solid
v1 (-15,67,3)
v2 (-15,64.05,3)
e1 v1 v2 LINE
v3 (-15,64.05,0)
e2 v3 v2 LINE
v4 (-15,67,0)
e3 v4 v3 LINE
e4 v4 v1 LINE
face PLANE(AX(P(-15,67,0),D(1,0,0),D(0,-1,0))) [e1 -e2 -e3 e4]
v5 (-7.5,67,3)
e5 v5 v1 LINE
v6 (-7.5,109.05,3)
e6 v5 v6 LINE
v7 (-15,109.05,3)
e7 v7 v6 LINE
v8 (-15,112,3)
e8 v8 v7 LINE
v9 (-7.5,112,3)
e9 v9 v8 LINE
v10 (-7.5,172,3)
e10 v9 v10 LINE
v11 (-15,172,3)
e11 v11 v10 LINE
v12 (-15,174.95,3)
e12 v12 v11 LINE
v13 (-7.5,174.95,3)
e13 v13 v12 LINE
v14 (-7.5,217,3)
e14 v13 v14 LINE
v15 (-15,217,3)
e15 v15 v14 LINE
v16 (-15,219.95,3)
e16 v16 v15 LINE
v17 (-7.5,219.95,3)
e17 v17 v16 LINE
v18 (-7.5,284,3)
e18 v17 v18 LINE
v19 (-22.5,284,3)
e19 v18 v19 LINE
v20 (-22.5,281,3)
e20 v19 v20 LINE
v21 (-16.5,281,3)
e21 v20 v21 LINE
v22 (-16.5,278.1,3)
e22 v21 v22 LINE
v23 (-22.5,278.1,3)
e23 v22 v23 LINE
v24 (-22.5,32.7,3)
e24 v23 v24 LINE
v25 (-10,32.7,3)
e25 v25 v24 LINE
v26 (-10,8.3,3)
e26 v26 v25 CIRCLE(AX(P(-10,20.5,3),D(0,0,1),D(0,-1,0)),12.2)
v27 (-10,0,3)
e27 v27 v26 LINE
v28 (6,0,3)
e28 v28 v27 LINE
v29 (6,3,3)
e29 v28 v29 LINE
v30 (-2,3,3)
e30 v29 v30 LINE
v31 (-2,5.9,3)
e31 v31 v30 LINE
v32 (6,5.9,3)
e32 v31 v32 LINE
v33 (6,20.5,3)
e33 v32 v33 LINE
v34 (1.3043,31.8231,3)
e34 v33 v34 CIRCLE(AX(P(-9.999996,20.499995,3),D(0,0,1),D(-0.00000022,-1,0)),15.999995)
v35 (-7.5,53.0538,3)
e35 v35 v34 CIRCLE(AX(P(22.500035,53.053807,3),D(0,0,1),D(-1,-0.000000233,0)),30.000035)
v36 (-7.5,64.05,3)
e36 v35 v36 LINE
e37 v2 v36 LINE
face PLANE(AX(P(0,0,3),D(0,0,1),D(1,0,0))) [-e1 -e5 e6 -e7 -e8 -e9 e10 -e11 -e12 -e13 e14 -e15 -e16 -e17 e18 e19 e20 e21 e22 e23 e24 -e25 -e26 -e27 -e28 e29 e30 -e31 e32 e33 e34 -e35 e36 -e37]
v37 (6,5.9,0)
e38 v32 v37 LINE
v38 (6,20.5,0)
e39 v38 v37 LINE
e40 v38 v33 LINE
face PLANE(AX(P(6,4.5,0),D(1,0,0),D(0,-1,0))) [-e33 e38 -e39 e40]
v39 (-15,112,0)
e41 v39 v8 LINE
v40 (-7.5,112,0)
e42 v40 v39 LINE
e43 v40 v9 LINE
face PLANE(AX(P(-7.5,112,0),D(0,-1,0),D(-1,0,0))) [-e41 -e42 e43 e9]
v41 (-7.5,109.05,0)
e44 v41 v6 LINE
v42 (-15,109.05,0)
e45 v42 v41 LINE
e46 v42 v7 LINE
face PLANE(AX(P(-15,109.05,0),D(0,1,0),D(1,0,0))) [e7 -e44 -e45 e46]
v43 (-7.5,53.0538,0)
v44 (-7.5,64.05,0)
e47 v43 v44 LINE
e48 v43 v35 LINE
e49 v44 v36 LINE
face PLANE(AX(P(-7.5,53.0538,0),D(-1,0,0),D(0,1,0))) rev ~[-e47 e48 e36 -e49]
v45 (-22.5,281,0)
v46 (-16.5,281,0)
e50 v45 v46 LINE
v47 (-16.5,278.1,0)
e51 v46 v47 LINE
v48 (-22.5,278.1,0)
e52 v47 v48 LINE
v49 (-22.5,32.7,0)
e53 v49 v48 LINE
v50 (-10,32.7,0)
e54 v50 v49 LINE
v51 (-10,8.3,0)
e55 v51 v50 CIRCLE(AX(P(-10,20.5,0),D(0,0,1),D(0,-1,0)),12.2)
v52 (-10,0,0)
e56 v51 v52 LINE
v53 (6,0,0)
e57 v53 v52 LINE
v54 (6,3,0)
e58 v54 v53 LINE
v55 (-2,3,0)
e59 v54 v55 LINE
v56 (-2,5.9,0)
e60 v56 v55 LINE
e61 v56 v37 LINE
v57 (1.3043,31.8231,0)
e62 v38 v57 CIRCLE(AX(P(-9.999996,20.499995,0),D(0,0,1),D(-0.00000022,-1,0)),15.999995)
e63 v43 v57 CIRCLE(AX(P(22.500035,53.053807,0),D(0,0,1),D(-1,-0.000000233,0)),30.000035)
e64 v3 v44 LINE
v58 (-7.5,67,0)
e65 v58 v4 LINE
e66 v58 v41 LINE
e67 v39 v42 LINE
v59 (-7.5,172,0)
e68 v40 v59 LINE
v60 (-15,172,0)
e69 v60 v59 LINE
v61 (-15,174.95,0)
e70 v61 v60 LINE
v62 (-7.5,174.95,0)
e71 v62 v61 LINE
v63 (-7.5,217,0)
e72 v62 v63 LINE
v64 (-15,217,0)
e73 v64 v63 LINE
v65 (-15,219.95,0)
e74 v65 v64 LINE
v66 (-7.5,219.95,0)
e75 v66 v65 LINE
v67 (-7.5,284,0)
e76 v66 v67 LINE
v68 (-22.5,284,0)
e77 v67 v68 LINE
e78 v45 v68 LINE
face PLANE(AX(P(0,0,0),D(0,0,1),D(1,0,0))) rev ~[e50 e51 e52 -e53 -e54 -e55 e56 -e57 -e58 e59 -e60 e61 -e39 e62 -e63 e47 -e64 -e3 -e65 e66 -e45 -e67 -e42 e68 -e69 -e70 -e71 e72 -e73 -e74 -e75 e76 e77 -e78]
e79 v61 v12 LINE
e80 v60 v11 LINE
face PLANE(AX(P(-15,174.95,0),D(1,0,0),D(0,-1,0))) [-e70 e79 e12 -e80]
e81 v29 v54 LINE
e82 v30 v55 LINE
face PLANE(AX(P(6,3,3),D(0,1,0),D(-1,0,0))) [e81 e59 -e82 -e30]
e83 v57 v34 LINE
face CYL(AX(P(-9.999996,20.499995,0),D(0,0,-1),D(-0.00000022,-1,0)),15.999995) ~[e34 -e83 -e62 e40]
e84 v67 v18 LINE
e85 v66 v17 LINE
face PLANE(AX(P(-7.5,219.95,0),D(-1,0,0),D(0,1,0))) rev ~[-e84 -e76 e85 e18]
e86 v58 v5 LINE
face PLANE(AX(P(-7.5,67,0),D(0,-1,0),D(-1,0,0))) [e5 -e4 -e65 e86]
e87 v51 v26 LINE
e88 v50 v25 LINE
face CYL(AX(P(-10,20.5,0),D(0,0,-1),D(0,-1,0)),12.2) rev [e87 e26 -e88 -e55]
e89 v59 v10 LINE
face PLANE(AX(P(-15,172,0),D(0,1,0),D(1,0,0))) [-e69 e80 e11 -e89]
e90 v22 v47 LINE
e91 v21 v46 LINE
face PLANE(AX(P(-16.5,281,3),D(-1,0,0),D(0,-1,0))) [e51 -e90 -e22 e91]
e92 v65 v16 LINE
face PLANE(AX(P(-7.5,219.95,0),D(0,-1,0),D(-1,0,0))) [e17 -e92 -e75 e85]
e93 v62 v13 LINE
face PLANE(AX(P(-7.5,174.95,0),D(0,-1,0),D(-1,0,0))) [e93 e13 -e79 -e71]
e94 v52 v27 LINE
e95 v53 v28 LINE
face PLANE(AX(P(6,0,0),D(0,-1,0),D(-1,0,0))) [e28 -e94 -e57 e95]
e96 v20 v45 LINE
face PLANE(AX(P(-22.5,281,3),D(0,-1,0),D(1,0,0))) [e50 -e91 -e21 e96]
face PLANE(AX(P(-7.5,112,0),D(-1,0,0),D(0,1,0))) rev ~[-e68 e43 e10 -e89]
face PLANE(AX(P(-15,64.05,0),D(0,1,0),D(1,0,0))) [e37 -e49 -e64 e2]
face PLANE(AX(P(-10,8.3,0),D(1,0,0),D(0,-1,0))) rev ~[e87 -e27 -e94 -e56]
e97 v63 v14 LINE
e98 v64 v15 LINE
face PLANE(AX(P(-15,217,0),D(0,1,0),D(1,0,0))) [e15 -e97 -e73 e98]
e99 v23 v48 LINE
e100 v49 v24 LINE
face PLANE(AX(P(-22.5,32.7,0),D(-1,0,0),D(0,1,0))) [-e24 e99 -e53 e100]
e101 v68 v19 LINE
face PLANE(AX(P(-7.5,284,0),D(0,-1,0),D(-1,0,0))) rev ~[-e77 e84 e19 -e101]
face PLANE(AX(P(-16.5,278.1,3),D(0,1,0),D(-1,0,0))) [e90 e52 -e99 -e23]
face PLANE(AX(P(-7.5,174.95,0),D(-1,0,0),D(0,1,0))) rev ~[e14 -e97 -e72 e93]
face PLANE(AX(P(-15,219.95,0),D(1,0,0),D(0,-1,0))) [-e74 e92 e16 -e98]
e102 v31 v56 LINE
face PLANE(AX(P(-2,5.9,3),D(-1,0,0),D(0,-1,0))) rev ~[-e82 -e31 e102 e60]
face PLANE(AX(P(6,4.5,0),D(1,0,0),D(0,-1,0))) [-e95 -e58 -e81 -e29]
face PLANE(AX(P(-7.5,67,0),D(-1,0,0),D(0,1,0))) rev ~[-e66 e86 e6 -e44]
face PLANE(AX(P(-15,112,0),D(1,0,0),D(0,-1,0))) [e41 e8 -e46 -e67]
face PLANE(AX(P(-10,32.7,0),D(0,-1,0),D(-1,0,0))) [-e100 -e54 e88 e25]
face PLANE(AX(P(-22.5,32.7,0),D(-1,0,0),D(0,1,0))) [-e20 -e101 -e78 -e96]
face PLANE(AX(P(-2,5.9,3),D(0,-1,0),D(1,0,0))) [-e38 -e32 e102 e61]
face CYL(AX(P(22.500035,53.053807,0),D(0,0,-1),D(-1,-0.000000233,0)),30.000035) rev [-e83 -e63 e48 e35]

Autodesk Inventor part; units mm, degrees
ref_plane "YZ Plane" through (0, 0, 0) normal (1, 0, 0) x (0, 1, 0)
ref_plane "XZ Plane" through (0, 0, 0) normal (0, 1, 0) x (-1, 0, 0)
ref_plane "XY Plane" through (0, 0, 0) normal (0, 0, 1) x (1, 0, 0)
sketch "草圖1" plane through (0, 0, 0) normal (0, 0, 1) x (1, 0, 0)
  arc A0 (-7.5, 147.4544) -> (-7.5, 136.5456) centre (-10, 142) ccw construction
  arc A1 (-10, 4.5) -> (1.3043, 31.8231) centre (-10, 20.5) ccw
  line L0 (-10, 20.5) -> (-10, 4.5) construction
  line L1 (-10, 20.5) -> (-10, 48.1702) construction
  line L2 (-10, 8.3) -> (-10, 4.5)
  line L3 (-7.5, 284) -> (-22.5, 284)
  line L4 (-22.5, 284) -> (-22.5, 48.1702)
  line L5 (-22.5, 48.1702) -> (-10, 48.1702) construction
  line L6 (-7.5, 36.5) -> (-7.5, 53.0538) construction
  line L7 (-7.5, 36.5) -> (-7.5, 36.3035) construction
  line L8 (-10, 48.1702) -> (-10, 32.7) construction
  line L9 (-10, 32.7) -> (-22.5, 32.7)
  line L10 (-22.5, 32.7) -> (-22.5, 48.1702)
  arc A2 (-7.5, 53.0538) -> (1.3043, 31.8231) centre (22.5, 53.0538) ccw
  arc A3 (1.3043, 31.8231) -> (-7.5, 36.3035) centre (-10, 20.5) ccw construction
  line L11 (-7.5, 53.0538) -> (-7.5, 64.05)
  line L12 (-7.5, 219.95) -> (-15, 219.95)
  line L13 (-15, 219.95) -> (-15, 217)
  line L14 (-15, 217) -> (-7.5, 217)
  line L15 (-7.5, 217) -> (-7.5, 219.95) construction
  line L16 (-7.5, 174.95) -> (-15, 174.95)
  line L17 (-15, 174.95) -> (-15, 172)
  line L18 (-15, 172) -> (-7.5, 172)
  line L19 (-7.5, 172) -> (-7.5, 174.95) construction
  line L20 (-7.5, 112) -> (-15, 112)
  line L21 (-15, 112) -> (-15, 109.05)
  line L22 (-15, 109.05) -> (-7.5, 109.05)
  line L23 (-7.5, 109.05) -> (-7.5, 112) construction
  line L24 (-7.5, 67) -> (-15, 67)
  line L25 (-15, 67) -> (-15, 64.05)
  line L26 (-15, 64.05) -> (-7.5, 64.05)
  line L27 (-7.5, 64.05) -> (-7.5, 67) construction
  line L28 (-7.5, 217) -> (-7.5, 219.95) construction
  line L29 (-7.5, 174.95) -> (-7.5, 217)
  line L30 (-7.5, 172) -> (-7.5, 174.95) construction
  line L31 (-7.5, 112) -> (-7.5, 172)
  line L32 (-7.5, 109.05) -> (-7.5, 112) construction
  line L33 (-7.5, 67) -> (-7.5, 109.05)
  line L34 (-7.5, 64.05) -> (-7.5, 67) construction
  line L35 (-7.5, 219.95) -> (-7.5, 284)
  arc A4 (-10, 8.3) -> (-10, 32.7) centre (-10, 20.5) ccw
  arc A5 (-12.7221, 32.7) -> (-10, 8) centre (-10, 20.5) ccw construction
  line L36 (-10, 4.5) -> (6, 4.5)
  line L37 (6, 4.5) -> (6, 0)
  line L38 (6, 0) -> (-10, 0)
  line L39 (-10, 0) -> (-10, 4.5)
  line L40 (6, 4.5) -> (6, 20.5)
  point P0 (0, 0)
  dimension "d12" = 16
  dimension "d13" = 180
  dimension "d14" = 15
  dimension "d16" = 60
  dimension "d17" = 30
  dimension "d18" = 75
  dimension "d19" = 30
  dimension "d20" = 75
  dimension "d21" = 2.95
  dimension "d22" = 2.95
  dimension "d23" = 2.95
  dimension "d24" = 2.95
  dimension "d25" = 7.5
  dimension "d30" = 24.4
  dimension "d31" = 25
  dimension "d32" = 4.5
  dimension "d38" = 284
extrude "擠出1" add sketch "草圖1" along normal blind 3
sketch "草圖3" plane through (0, 0, 3) normal (0, 0, 1) x (1, 0, 0)
  line L0 (-10, 8.3) -> (-10, 0) projected
  line L1 (-10, 5.9) -> (-2, 5.9)
  line L2 (-2, 5.9) -> (-2, 3)
  line L3 (-2, 3) -> (-10, 3)
  line L4 (-10, 3) -> (-10, 5.9)
  line L5 (-10, 0) -> (6, 0) projected
  line L6 (-2, 5.9) -> (6, 5.9)
  line L7 (6, 5.9) -> (6, 3)
  line L8 (6, 3) -> (-2, 3)
  line L9 (-2, 3) -> (-2, 5.9)
  line L10 (6, 0) -> (6, 20.5) projected
  point P0 (0, 0)
  dimension "d33" = 2.9
  dimension "d34" = 3
  dimension "d39" = 8
extrude "擠出2" cut sketch "草圖3" against normal up to surface (3 mm away) contours L6 L7 L8 L2
sketch "草圖4" plane through (0, 0, 3) normal (0, 0, 1) x (1, 0, 0)
  line L0 (-22.5, 284) -> (-22.5, 32.7) projected
  line L1 (-22.5, 281) -> (-16.5, 281)
  line L2 (-16.5, 281) -> (-16.5, 278.1)
  line L3 (-16.5, 278.1) -> (-22.5, 278.1)
  line L4 (-22.5, 278.1) -> (-22.5, 281)
  line L5 (-7.5, 284) -> (-22.5, 284) projected
  point P0 (0, 0)
  dimension "d40" = 3
  dimension "d41" = 2.9
  dimension "d42" = 6
extrude "擠出3" cut sketch "草圖4" against normal up to surface (3 mm away)
sketch "草圖5" plane through (0, 0, 3) normal (0, 0, 1) x (1, 0, 0)
  line L0 (-16.5, 278.1) -> (-22.5, 278.1) projected
  line L1 (-22.5, 278.1) -> (-22.5, 32.7) projected
  line L2 (-22.5, 32.7) -> (-10, 32.7) projected
  arc A0 (-10, 8.3) -> (-10, 32.7) centre (-10, 20.5) ccw projected
  line L3 (-10, 8.3) -> (-10, 0) projected
  line L4 (-10, 0) -> (6, 0) projected
  line L5 (6, 0) -> (6, 3) projected
  line L6 (6, 3) -> (-2, 3) projected
  line L7 (-2, 3) -> (-2, 5.9) projected
  line L8 (-2, 5.9) -> (6, 5.9) projected
  line L9 (6, 5.9) -> (6, 20.5) projected
  arc A1 (6, 20.5) -> (1.3043, 31.8231) centre (-10, 20.5) ccw projected
  arc A2 (-7.5, 53.0538) -> (1.3043, 31.8231) centre (22.5, 53.0538) ccw projected
  line L10 (-7.5, 53.0538) -> (-7.5, 64.05) projected
  line L11 (-7.5, 64.05) -> (-15, 64.05) projected
  line L12 (-15, 64.05) -> (-15, 67) projected
  line L13 (-15, 67) -> (-7.5, 67) projected
  line L14 (-7.5, 67) -> (-7.5, 109.05) projected
  line L15 (-7.5, 109.05) -> (-15, 109.05) projected
  line L16 (-15, 109.05) -> (-15, 112) projected
  line L17 (-15, 112) -> (-7.5, 112) projected
  line L18 (-7.5, 112) -> (-7.5, 172) projected
  line L19 (-7.5, 172) -> (-15, 172) projected
  line L20 (-15, 172) -> (-15, 174.95) projected
  line L21 (-15, 174.95) -> (-7.5, 174.95) projected
  line L22 (-7.5, 174.95) -> (-7.5, 217) projected
  line L23 (-7.5, 217) -> (-15, 217) projected
  line L24 (-15, 217) -> (-15, 219.95) projected
  line L25 (-15, 219.95) -> (-7.5, 219.95) projected
  line L26 (-7.5, 219.95) -> (-7.5, 284) projected
  line L27 (-7.5, 284) -> (-22.5, 284) projected
  line L28 (-22.5, 284) -> (-22.5, 281) projected
  line L29 (-22.5, 281) -> (-16.5, 281) projected
  line L30 (-16.5, 281) -> (-16.5, 278.1) projected
  point P0 (0, 0)
equation "\"d25\" = 0.5 * d14"
properties part number "chassis_1_5"
